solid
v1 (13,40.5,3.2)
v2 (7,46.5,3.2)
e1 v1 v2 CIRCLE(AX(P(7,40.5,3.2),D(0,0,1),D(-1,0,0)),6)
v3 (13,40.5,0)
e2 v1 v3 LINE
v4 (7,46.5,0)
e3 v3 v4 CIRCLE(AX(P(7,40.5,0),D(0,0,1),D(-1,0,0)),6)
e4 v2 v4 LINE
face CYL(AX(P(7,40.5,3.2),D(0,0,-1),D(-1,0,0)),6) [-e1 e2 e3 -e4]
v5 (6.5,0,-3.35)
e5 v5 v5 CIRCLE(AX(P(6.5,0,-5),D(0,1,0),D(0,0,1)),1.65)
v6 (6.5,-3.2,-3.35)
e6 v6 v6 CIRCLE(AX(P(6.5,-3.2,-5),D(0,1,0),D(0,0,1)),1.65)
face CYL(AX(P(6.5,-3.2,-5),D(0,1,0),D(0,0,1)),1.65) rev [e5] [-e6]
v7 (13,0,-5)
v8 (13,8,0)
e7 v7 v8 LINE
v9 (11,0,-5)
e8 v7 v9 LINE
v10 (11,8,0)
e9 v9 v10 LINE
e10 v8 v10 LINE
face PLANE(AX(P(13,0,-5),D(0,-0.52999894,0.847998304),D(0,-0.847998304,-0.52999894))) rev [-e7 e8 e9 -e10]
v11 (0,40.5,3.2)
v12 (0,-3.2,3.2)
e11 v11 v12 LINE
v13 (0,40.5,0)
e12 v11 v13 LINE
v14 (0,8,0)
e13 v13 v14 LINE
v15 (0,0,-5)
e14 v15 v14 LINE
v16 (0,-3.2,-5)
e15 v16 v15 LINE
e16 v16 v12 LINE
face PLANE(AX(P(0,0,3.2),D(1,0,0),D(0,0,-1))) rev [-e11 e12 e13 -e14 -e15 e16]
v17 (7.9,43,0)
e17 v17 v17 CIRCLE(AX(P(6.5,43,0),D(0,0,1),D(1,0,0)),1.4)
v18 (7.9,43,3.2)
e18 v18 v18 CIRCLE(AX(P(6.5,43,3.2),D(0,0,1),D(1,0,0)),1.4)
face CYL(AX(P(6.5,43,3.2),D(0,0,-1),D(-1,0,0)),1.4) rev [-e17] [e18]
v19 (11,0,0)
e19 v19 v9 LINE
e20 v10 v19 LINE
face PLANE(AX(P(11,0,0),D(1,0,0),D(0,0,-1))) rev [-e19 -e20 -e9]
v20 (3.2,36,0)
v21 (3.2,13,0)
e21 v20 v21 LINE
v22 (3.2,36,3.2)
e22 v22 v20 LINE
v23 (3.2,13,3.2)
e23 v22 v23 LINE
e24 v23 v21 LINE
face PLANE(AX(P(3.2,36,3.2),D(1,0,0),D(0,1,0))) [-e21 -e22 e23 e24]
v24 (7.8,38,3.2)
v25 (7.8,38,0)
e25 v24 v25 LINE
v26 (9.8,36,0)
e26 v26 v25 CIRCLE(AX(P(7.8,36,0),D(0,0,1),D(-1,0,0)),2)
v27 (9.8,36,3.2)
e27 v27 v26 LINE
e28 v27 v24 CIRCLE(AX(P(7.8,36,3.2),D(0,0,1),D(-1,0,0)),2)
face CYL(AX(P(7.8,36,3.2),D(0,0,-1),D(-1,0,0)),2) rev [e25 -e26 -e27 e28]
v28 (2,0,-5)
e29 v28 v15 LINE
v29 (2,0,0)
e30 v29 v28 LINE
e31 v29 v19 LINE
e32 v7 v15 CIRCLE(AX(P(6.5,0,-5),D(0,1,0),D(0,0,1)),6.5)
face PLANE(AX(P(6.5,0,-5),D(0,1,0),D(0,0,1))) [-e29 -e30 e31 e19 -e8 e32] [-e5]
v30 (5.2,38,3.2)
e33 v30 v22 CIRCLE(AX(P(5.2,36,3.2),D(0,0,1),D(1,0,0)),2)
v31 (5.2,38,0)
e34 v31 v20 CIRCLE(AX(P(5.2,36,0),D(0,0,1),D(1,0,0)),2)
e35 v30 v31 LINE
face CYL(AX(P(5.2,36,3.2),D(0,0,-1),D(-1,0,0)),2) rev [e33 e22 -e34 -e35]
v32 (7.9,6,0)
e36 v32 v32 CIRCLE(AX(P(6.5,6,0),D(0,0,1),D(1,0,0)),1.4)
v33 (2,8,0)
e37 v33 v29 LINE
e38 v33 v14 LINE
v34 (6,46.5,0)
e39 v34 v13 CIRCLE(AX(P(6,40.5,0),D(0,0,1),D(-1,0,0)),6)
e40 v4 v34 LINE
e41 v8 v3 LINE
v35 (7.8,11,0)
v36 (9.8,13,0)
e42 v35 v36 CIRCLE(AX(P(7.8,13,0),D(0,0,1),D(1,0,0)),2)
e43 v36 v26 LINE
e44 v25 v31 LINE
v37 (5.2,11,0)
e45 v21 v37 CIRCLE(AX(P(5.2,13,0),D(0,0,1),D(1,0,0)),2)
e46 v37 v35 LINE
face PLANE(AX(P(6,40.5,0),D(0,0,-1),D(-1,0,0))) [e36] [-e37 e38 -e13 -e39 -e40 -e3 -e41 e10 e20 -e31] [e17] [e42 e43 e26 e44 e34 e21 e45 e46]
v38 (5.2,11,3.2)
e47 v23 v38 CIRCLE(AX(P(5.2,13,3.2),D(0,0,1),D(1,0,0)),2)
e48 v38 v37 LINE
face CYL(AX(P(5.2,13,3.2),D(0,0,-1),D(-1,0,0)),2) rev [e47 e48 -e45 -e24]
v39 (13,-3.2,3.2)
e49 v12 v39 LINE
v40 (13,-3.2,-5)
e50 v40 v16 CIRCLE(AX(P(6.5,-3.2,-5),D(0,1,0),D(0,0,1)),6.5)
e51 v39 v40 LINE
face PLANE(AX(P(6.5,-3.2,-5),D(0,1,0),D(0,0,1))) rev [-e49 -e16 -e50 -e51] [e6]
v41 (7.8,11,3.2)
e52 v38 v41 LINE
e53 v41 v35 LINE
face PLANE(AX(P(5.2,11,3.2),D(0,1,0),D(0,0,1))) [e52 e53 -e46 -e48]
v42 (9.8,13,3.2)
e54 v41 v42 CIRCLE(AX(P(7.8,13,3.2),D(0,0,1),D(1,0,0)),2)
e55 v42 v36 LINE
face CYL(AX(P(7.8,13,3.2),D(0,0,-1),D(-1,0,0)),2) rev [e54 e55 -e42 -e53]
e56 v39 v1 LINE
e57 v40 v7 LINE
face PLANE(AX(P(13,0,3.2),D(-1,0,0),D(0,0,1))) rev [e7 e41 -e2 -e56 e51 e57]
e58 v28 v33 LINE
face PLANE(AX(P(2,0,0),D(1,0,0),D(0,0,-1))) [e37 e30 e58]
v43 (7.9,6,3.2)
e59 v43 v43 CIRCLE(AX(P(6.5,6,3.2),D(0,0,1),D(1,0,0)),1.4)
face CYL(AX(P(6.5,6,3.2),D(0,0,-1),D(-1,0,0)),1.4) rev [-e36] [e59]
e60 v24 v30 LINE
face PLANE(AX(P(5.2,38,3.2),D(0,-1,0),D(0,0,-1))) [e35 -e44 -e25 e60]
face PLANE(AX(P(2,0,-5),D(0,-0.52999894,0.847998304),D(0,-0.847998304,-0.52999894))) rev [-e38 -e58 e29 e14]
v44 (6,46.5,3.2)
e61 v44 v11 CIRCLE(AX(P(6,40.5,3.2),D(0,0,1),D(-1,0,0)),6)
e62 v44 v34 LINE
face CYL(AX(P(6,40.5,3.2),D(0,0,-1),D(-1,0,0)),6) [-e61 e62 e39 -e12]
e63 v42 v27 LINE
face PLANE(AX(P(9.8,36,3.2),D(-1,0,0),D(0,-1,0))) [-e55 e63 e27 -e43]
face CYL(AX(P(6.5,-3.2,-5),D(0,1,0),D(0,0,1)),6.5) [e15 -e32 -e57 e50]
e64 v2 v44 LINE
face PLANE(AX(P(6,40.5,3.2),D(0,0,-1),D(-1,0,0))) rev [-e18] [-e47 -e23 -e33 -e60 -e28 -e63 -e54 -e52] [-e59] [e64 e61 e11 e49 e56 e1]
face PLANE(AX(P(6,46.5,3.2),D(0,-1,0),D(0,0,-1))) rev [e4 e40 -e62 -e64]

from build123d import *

# Parameters (mm, degrees)
SKETCH1_R           = 1.4
BOSS_EXTRUDE1_DEPTH = 3.2
SKETCH2_R           = 1.65
BOSS_EXTRUDE3_DEPTH = 3.2
BOSS_EXTRUDE4_DEPTH = 2
LPATTERN1_COUNT     = 2
LPATTERN1_PITCH     = 11
CUT_EXTRUDE1_DEPTH  = 50.633657935


with BuildPart() as part:
    # Sketch1 → Boss-Extrude1 (new body)
    with BuildSketch(Plane.XY):
        with BuildLine():
            Line((0, 0), (13, 0))
            Line((13, 0), (13, 40.5))
            ThreePointArc((13, 40.5), (11.242640687, 44.742640687), (7, 46.5))
            Line((7, 46.5), (6, 46.5))
            ThreePointArc((6, 46.5), (1.757359313, 44.742640687), (0, 40.5))
            Line((0, 40.5), (0, 0))
        make_face()
        with Locations((6.5, 6)):
            Circle(SKETCH1_R, mode=Mode.SUBTRACT)
        with Locations((6.5, 43)):
            Circle(SKETCH1_R, mode=Mode.SUBTRACT)
    extrude(amount=BOSS_EXTRUDE1_DEPTH)

    # Sketch2 → Boss-Extrude3 (add)
    with BuildSketch(Plane(origin=(0, 0, 0), x_dir=(1, 0, 0), z_dir=(0, 1, 0))):
        with BuildLine():
            Line((0, 5), (0, -3.2))
            Line((0, -3.2), (13, -3.2))
            Line((13, -3.2), (13, 5))
            ThreePointArc((13, 5), (6.5, 11.5), (0, 5))
        make_face()
        with Locations(Location((6.5, 5, 0), (0, 0, 270))):
            Circle(SKETCH2_R, mode=Mode.SUBTRACT)
    extrude(amount=-BOSS_EXTRUDE3_DEPTH)

    # Sketch3 → Boss-Extrude4 (add)
    with BuildSketch(Plane(origin=(0, 0, 0), x_dir=(0, 0, -1), z_dir=(1, 0, 0))):
        Polygon((0, 0), (5, 0), (0, 8), align=None)
    boss_extrude4 = extrude(amount=BOSS_EXTRUDE4_DEPTH)

    # LPattern1: Boss-Extrude4 ×2
    with Locations(*[(i * LPATTERN1_PITCH, 0, 0) for i in range(1, LPATTERN1_COUNT)]):
        add(boss_extrude4)

    # Sketch4 → Cut-Extrude1 (cut, through all)
    with BuildSketch(Plane.XY):
        with BuildLine():
            Line((5.2, 38), (7.8, 38))
            ThreePointArc((7.8, 38), (9.214213562, 37.414213562), (9.8, 36))
            Line((9.8, 36), (9.8, 13))
            ThreePointArc((9.8, 13), (9.214213562, 11.585786438), (7.8, 11))
            Line((7.8, 11), (5.2, 11))
            ThreePointArc((5.2, 11), (3.785786438, 11.585786438), (3.2, 13))
            Line((3.2, 13), (3.2, 36))
            ThreePointArc((3.2, 36), (3.785786438, 37.414213562), (5.2, 38))
        make_face()
    extrude(amount=CUT_EXTRUDE1_DEPTH, mode=Mode.SUBTRACT)


solid = part.part
